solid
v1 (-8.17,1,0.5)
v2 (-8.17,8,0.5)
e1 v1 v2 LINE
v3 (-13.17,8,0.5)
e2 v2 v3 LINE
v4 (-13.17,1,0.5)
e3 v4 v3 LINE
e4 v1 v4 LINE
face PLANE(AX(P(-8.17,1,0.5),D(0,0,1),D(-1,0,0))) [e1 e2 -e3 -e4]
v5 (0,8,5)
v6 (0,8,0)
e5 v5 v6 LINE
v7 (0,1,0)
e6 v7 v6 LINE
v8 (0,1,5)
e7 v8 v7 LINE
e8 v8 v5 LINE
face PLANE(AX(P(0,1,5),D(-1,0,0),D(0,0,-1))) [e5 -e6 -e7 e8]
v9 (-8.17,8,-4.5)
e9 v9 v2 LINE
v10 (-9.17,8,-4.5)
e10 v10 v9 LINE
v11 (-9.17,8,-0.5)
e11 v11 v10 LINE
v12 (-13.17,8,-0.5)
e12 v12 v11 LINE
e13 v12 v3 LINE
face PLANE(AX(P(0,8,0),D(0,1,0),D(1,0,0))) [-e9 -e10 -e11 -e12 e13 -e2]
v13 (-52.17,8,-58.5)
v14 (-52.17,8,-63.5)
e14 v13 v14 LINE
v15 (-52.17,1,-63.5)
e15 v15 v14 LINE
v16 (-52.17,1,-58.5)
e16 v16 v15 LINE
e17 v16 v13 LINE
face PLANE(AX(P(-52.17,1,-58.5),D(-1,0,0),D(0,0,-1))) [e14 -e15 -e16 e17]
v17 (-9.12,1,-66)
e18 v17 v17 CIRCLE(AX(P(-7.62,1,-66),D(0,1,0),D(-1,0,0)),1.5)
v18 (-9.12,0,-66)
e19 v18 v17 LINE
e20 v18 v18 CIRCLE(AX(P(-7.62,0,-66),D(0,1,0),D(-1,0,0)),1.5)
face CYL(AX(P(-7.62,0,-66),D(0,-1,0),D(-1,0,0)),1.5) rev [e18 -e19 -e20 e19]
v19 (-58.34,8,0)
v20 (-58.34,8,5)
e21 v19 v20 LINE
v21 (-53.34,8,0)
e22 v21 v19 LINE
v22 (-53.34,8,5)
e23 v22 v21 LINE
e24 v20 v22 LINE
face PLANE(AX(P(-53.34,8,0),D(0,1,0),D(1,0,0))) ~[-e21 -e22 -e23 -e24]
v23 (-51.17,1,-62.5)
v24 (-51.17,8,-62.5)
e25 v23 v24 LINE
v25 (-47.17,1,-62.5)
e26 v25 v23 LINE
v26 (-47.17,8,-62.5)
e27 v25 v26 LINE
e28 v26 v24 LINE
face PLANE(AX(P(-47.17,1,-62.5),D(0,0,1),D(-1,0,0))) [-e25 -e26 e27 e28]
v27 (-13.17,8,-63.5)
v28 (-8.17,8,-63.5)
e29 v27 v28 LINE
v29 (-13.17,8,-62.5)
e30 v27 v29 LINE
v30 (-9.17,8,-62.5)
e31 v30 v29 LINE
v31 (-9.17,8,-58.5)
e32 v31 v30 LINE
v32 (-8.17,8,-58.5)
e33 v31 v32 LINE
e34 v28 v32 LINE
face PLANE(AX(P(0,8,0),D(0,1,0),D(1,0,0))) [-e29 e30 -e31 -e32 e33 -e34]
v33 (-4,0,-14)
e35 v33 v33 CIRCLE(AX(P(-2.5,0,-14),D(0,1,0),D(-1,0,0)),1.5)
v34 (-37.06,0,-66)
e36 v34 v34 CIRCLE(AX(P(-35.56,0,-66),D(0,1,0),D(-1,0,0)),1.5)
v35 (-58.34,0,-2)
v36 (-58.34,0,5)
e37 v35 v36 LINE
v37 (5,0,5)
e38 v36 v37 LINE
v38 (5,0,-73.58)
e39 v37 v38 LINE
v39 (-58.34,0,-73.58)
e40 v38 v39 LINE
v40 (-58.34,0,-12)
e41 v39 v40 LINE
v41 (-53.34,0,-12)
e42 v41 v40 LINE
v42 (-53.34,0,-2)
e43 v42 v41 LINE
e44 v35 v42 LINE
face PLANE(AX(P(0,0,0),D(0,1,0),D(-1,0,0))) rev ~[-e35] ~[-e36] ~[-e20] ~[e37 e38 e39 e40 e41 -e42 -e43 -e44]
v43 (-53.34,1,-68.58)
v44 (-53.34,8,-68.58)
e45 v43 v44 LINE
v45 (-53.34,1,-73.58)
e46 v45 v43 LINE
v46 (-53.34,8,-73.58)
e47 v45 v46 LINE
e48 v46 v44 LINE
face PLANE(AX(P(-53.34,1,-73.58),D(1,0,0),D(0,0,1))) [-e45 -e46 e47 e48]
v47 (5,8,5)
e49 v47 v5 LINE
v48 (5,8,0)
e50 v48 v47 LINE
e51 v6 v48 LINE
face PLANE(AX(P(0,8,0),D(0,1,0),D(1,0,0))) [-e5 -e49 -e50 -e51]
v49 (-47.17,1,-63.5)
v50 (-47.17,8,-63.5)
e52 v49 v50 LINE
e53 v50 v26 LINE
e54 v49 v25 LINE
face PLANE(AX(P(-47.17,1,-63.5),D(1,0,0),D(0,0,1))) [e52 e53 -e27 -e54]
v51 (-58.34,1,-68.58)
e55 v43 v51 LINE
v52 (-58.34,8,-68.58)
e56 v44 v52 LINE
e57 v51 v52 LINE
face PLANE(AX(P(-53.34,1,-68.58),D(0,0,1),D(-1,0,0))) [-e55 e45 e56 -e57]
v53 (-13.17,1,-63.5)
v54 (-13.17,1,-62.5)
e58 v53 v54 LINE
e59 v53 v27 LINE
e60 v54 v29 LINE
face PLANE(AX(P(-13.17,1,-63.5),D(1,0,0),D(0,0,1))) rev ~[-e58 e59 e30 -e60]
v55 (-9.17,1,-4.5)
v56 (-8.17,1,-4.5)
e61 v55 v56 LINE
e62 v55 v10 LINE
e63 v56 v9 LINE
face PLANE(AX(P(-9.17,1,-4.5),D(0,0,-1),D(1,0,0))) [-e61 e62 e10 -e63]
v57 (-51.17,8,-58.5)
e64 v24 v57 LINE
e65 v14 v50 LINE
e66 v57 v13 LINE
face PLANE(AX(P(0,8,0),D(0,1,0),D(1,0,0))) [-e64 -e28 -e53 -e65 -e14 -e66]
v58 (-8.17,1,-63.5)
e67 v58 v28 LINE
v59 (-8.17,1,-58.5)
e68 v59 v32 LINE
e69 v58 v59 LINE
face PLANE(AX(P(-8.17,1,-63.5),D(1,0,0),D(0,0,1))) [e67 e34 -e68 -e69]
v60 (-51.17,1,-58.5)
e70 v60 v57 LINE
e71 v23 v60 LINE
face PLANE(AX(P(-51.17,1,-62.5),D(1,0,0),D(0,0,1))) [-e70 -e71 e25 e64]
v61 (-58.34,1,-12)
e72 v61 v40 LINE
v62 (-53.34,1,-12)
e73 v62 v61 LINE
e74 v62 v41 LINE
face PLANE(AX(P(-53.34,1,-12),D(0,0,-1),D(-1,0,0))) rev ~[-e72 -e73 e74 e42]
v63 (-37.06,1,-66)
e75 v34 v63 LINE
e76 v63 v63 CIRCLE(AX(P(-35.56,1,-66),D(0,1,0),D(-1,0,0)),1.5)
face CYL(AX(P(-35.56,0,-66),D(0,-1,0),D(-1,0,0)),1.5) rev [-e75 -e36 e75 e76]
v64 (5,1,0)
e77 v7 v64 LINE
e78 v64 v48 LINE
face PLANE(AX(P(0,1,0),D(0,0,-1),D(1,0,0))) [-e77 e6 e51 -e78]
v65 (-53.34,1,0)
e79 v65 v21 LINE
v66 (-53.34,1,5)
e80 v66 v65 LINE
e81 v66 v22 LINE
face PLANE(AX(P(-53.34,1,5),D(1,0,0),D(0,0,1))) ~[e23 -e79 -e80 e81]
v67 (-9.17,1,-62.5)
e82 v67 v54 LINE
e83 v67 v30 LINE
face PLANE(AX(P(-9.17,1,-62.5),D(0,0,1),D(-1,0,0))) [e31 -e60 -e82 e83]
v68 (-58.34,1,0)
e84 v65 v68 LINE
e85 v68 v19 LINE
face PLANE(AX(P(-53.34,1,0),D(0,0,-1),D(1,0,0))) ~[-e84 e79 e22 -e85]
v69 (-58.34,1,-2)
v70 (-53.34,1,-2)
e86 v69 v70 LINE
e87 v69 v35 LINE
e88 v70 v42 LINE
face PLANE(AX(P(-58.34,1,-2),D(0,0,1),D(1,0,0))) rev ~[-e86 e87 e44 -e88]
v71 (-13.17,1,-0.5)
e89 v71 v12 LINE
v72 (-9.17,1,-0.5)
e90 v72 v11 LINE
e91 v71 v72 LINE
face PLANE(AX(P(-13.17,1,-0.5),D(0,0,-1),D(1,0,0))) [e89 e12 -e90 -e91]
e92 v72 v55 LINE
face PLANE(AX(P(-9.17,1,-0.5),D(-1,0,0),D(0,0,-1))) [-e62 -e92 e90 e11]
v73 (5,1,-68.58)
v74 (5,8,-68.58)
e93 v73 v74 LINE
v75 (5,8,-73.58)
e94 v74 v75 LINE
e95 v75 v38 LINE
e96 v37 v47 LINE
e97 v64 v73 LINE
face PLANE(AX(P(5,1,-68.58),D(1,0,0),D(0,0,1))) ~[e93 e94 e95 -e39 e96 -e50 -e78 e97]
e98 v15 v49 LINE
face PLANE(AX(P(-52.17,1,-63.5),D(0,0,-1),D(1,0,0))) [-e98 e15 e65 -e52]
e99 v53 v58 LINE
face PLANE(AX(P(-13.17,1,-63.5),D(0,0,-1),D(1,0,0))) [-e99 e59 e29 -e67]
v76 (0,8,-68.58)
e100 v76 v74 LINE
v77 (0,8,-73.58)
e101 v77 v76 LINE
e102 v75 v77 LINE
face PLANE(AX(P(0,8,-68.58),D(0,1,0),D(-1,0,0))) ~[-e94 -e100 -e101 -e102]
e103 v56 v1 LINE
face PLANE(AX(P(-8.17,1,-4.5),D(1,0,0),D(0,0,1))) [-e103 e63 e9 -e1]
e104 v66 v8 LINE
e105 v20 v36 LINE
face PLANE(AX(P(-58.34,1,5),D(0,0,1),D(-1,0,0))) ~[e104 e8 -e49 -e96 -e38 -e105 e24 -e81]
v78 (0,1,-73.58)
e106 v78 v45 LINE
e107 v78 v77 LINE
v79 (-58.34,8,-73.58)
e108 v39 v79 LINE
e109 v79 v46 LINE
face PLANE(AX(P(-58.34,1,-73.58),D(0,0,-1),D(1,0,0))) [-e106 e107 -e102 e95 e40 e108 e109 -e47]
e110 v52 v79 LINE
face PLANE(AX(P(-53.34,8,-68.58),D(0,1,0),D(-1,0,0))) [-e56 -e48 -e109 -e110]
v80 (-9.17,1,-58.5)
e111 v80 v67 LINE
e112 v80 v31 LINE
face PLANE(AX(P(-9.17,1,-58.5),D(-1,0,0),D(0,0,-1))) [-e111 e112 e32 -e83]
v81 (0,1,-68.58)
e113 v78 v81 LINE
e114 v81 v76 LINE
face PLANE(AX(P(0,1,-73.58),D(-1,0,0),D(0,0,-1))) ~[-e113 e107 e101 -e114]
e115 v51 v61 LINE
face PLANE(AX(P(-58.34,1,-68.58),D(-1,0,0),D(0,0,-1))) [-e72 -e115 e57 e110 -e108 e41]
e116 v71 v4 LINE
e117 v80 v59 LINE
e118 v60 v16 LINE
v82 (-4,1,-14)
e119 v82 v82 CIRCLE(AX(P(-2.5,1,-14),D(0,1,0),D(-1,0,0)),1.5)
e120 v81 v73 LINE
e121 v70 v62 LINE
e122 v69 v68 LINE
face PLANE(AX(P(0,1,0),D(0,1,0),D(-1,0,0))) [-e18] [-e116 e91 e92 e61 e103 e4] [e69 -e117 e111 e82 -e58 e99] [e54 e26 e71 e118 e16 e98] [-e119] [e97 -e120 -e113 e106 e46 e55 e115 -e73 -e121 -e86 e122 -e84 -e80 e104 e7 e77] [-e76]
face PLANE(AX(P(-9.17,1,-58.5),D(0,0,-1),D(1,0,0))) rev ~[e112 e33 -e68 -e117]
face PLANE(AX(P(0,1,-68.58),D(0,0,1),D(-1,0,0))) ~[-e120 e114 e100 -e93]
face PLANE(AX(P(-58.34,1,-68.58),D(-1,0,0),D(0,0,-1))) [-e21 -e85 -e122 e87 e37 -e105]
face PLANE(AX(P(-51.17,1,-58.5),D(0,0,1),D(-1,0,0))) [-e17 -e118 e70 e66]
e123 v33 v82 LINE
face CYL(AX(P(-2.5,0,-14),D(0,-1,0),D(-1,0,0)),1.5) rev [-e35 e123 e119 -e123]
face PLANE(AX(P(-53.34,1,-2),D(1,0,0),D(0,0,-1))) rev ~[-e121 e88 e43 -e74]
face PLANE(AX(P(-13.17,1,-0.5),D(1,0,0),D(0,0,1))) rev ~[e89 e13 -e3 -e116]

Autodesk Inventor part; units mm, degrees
ref_plane "YZ Plane" through (0, 0, 0) normal (1, 0, 0) x (0, 1, 0)
ref_plane "XZ Plane" through (0, 0, 0) normal (0, 1, 0) x (-1, 0, 0)
ref_plane "XY Plane" through (0, 0, 0) normal (0, 0, 1) x (1, 0, 0)
sketch "Sketch1" plane through (0, 0, 0) normal (0, 1, 0) x (-1, 0, 0)
  line L0 (0, 0) -> (53.34, 0)
  line L1 (53.34, 0) -> (53.34, -68.58)
  line L2 (53.34, -68.58) -> (0, -68.58)
  line L3 (0, -68.58) -> (0, 0)
  line L4 (53.34, -66) -> (0, -66) construction
  circle A0 centre (7.62, -66) radius 1.5
  circle A1 centre (35.56, -66) radius 1.5
  circle A2 centre (2.5, -14) radius 1.5
  line L5 (-5, -73.58) -> (58.34, -73.58)
  line L6 (58.34, -73.58) -> (58.34, 5)
  line L7 (58.34, 5) -> (-5, 5)
  line L8 (-5, 5) -> (-5, -73.58)
  dimension "d0" = 68.58
  dimension "d1" = 53.34
  dimension "d2" = 2.58
  dimension "d3" = 3
  dimension "d4" = 7.62
  dimension "d5" = 3
  dimension "d6" = 35.56
  dimension "d8" = 3
  dimension "d9" = 14
  dimension "d10" = 2.5
  dimension "d46" = 5
  dimension "d73" = 63.34
  dimension "d74" = 78.58
extrude "Extrusion4" add sketch "Sketch1" along normal blind 1 contours L0 L1 L2 L3 | L8 L7 L6 L5
sketch "Sketch5" plane through (0, 1, 0) normal (0, 1, 0) x (1, 0, 0)
  line L0 (5, -5) -> (0, -5)
  line L1 (0, -5) -> (0, 0)
  line L2 (0, 0) -> (5, 0)
  line L3 (5, 0) -> (5, -5)
  dimension "d49" = 5
  dimension "d50" = 5
extrude "Extrusion5" add sketch "Sketch5" along normal blind 7
ref_plane "Work Plane2" through (-26.67, 0, 5) normal (1, 0, 0) x (0, 0, -1)
mirror "Mirror2" about plane through (-26.67, 0, 5) normal (1, 0, 0) of "Extrusion5"
ref_plane "Work Plane3" through (-58.34, 0, -34.29) normal (0, 0, 1) x (1, 0, 0)
mirror "Mirror3" about plane through (-58.34, 0, -34.29) normal (0, 0, 1) of "Extrusion5", "Mirror2"
sketch "Sketch6" plane through (0, 1, 0) normal (0, 1, 0) x (1, 0, 0)
  line L0 (-51.17, 0.5) -> (-9.17, 0.5)
  line L1 (-9.17, 0.5) -> (-9.17, 62.5)
  line L2 (-9.17, 62.5) -> (-51.17, 62.5)
  line L3 (-51.17, 62.5) -> (-51.17, 0.5)
  line L4 (-52.17, 63.5) -> (-8.17, 63.5)
  line L5 (-8.17, 63.5) -> (-8.17, -0.5)
  line L6 (-8.17, -0.5) -> (-52.17, -0.5)
  line L7 (-52.17, -0.5) -> (-52.17, 63.5)
  line L8 (-52.17, 4.5) -> (-51.17, 4.5)
  line L9 (-47.17, 0.5) -> (-47.17, -0.5)
  line L10 (-47.17, 63.5) -> (-47.17, 62.5)
  line L11 (-51.17, 58.5) -> (-52.17, 58.5)
  line L12 (-13.17, 0.5) -> (-13.17, -0.5)
  line L13 (-9.17, 4.5) -> (-8.17, 4.5)
  line L14 (-9.17, 58.5) -> (-8.17, 58.5)
  line L15 (-13.17, 63.5) -> (-13.17, 62.5)
  point P0 (0, 0)
  point P1 (-30.17, 0.5)
  dimension "d34" = 42
  dimension "d35" = 62
  dimension "d39" = 1
  dimension "d40" = 5
  dimension "d41" = 5
  dimension "d44" = 5
  dimension "d45" = 5
  dimension "d62" = 5
  dimension "d63" = 5
  dimension "d64" = 5
  dimension "d65" = 5
sketch "Sketch7" plane through (0, 8, 0) normal (0, 1, 0) x (1, 0, 0)
  line L0 (0, 0) -> (0, -5) projected
  line L1 (0, -5) -> (5, -5) projected
  line L2 (5, -5) -> (5, 0) projected
  line L3 (5, 0) -> (0, 0) projected
  circle A0 centre (2.5, -2.5) radius 1
  dimension "d53" = 5
  dimension "d54" = 2
hole "Hole1" [suppressed]
mirror "Mirror8" [suppressed]
mirror "Mirror9" [suppressed]
extrude "Extrusion8" add sketch "Sketch6" along normal blind 7 contours L0 L1 L13 L5 L6 L12 | L11 L7 L4 L10 L2 L3 | L1 L2 L15 L4 L5 L14
sketch "Sketch8" plane through (0, 1, 0) normal (0, 1, 0) x (1, 0, 0)
  line L0 (-58.34, 73.58) -> (-58.34, -5) projected
  line L1 (-58.34, 2) -> (-53.34, 2)
  line L2 (-53.34, 2) -> (-53.34, 12)
  line L3 (-53.34, 12) -> (-58.34, 12)
  line L4 (-58.34, 12) -> (-58.34, 2)
  line L5 (-58.34, 0) -> (-53.34, 0) projected
  point P0 (0, 0)
  dimension "d68" = 5
  dimension "d69" = 10
  dimension "d70" = 2
extrude "Extrusion9" cut sketch "Sketch8" against normal blind 1
properties part number "sensor3"
